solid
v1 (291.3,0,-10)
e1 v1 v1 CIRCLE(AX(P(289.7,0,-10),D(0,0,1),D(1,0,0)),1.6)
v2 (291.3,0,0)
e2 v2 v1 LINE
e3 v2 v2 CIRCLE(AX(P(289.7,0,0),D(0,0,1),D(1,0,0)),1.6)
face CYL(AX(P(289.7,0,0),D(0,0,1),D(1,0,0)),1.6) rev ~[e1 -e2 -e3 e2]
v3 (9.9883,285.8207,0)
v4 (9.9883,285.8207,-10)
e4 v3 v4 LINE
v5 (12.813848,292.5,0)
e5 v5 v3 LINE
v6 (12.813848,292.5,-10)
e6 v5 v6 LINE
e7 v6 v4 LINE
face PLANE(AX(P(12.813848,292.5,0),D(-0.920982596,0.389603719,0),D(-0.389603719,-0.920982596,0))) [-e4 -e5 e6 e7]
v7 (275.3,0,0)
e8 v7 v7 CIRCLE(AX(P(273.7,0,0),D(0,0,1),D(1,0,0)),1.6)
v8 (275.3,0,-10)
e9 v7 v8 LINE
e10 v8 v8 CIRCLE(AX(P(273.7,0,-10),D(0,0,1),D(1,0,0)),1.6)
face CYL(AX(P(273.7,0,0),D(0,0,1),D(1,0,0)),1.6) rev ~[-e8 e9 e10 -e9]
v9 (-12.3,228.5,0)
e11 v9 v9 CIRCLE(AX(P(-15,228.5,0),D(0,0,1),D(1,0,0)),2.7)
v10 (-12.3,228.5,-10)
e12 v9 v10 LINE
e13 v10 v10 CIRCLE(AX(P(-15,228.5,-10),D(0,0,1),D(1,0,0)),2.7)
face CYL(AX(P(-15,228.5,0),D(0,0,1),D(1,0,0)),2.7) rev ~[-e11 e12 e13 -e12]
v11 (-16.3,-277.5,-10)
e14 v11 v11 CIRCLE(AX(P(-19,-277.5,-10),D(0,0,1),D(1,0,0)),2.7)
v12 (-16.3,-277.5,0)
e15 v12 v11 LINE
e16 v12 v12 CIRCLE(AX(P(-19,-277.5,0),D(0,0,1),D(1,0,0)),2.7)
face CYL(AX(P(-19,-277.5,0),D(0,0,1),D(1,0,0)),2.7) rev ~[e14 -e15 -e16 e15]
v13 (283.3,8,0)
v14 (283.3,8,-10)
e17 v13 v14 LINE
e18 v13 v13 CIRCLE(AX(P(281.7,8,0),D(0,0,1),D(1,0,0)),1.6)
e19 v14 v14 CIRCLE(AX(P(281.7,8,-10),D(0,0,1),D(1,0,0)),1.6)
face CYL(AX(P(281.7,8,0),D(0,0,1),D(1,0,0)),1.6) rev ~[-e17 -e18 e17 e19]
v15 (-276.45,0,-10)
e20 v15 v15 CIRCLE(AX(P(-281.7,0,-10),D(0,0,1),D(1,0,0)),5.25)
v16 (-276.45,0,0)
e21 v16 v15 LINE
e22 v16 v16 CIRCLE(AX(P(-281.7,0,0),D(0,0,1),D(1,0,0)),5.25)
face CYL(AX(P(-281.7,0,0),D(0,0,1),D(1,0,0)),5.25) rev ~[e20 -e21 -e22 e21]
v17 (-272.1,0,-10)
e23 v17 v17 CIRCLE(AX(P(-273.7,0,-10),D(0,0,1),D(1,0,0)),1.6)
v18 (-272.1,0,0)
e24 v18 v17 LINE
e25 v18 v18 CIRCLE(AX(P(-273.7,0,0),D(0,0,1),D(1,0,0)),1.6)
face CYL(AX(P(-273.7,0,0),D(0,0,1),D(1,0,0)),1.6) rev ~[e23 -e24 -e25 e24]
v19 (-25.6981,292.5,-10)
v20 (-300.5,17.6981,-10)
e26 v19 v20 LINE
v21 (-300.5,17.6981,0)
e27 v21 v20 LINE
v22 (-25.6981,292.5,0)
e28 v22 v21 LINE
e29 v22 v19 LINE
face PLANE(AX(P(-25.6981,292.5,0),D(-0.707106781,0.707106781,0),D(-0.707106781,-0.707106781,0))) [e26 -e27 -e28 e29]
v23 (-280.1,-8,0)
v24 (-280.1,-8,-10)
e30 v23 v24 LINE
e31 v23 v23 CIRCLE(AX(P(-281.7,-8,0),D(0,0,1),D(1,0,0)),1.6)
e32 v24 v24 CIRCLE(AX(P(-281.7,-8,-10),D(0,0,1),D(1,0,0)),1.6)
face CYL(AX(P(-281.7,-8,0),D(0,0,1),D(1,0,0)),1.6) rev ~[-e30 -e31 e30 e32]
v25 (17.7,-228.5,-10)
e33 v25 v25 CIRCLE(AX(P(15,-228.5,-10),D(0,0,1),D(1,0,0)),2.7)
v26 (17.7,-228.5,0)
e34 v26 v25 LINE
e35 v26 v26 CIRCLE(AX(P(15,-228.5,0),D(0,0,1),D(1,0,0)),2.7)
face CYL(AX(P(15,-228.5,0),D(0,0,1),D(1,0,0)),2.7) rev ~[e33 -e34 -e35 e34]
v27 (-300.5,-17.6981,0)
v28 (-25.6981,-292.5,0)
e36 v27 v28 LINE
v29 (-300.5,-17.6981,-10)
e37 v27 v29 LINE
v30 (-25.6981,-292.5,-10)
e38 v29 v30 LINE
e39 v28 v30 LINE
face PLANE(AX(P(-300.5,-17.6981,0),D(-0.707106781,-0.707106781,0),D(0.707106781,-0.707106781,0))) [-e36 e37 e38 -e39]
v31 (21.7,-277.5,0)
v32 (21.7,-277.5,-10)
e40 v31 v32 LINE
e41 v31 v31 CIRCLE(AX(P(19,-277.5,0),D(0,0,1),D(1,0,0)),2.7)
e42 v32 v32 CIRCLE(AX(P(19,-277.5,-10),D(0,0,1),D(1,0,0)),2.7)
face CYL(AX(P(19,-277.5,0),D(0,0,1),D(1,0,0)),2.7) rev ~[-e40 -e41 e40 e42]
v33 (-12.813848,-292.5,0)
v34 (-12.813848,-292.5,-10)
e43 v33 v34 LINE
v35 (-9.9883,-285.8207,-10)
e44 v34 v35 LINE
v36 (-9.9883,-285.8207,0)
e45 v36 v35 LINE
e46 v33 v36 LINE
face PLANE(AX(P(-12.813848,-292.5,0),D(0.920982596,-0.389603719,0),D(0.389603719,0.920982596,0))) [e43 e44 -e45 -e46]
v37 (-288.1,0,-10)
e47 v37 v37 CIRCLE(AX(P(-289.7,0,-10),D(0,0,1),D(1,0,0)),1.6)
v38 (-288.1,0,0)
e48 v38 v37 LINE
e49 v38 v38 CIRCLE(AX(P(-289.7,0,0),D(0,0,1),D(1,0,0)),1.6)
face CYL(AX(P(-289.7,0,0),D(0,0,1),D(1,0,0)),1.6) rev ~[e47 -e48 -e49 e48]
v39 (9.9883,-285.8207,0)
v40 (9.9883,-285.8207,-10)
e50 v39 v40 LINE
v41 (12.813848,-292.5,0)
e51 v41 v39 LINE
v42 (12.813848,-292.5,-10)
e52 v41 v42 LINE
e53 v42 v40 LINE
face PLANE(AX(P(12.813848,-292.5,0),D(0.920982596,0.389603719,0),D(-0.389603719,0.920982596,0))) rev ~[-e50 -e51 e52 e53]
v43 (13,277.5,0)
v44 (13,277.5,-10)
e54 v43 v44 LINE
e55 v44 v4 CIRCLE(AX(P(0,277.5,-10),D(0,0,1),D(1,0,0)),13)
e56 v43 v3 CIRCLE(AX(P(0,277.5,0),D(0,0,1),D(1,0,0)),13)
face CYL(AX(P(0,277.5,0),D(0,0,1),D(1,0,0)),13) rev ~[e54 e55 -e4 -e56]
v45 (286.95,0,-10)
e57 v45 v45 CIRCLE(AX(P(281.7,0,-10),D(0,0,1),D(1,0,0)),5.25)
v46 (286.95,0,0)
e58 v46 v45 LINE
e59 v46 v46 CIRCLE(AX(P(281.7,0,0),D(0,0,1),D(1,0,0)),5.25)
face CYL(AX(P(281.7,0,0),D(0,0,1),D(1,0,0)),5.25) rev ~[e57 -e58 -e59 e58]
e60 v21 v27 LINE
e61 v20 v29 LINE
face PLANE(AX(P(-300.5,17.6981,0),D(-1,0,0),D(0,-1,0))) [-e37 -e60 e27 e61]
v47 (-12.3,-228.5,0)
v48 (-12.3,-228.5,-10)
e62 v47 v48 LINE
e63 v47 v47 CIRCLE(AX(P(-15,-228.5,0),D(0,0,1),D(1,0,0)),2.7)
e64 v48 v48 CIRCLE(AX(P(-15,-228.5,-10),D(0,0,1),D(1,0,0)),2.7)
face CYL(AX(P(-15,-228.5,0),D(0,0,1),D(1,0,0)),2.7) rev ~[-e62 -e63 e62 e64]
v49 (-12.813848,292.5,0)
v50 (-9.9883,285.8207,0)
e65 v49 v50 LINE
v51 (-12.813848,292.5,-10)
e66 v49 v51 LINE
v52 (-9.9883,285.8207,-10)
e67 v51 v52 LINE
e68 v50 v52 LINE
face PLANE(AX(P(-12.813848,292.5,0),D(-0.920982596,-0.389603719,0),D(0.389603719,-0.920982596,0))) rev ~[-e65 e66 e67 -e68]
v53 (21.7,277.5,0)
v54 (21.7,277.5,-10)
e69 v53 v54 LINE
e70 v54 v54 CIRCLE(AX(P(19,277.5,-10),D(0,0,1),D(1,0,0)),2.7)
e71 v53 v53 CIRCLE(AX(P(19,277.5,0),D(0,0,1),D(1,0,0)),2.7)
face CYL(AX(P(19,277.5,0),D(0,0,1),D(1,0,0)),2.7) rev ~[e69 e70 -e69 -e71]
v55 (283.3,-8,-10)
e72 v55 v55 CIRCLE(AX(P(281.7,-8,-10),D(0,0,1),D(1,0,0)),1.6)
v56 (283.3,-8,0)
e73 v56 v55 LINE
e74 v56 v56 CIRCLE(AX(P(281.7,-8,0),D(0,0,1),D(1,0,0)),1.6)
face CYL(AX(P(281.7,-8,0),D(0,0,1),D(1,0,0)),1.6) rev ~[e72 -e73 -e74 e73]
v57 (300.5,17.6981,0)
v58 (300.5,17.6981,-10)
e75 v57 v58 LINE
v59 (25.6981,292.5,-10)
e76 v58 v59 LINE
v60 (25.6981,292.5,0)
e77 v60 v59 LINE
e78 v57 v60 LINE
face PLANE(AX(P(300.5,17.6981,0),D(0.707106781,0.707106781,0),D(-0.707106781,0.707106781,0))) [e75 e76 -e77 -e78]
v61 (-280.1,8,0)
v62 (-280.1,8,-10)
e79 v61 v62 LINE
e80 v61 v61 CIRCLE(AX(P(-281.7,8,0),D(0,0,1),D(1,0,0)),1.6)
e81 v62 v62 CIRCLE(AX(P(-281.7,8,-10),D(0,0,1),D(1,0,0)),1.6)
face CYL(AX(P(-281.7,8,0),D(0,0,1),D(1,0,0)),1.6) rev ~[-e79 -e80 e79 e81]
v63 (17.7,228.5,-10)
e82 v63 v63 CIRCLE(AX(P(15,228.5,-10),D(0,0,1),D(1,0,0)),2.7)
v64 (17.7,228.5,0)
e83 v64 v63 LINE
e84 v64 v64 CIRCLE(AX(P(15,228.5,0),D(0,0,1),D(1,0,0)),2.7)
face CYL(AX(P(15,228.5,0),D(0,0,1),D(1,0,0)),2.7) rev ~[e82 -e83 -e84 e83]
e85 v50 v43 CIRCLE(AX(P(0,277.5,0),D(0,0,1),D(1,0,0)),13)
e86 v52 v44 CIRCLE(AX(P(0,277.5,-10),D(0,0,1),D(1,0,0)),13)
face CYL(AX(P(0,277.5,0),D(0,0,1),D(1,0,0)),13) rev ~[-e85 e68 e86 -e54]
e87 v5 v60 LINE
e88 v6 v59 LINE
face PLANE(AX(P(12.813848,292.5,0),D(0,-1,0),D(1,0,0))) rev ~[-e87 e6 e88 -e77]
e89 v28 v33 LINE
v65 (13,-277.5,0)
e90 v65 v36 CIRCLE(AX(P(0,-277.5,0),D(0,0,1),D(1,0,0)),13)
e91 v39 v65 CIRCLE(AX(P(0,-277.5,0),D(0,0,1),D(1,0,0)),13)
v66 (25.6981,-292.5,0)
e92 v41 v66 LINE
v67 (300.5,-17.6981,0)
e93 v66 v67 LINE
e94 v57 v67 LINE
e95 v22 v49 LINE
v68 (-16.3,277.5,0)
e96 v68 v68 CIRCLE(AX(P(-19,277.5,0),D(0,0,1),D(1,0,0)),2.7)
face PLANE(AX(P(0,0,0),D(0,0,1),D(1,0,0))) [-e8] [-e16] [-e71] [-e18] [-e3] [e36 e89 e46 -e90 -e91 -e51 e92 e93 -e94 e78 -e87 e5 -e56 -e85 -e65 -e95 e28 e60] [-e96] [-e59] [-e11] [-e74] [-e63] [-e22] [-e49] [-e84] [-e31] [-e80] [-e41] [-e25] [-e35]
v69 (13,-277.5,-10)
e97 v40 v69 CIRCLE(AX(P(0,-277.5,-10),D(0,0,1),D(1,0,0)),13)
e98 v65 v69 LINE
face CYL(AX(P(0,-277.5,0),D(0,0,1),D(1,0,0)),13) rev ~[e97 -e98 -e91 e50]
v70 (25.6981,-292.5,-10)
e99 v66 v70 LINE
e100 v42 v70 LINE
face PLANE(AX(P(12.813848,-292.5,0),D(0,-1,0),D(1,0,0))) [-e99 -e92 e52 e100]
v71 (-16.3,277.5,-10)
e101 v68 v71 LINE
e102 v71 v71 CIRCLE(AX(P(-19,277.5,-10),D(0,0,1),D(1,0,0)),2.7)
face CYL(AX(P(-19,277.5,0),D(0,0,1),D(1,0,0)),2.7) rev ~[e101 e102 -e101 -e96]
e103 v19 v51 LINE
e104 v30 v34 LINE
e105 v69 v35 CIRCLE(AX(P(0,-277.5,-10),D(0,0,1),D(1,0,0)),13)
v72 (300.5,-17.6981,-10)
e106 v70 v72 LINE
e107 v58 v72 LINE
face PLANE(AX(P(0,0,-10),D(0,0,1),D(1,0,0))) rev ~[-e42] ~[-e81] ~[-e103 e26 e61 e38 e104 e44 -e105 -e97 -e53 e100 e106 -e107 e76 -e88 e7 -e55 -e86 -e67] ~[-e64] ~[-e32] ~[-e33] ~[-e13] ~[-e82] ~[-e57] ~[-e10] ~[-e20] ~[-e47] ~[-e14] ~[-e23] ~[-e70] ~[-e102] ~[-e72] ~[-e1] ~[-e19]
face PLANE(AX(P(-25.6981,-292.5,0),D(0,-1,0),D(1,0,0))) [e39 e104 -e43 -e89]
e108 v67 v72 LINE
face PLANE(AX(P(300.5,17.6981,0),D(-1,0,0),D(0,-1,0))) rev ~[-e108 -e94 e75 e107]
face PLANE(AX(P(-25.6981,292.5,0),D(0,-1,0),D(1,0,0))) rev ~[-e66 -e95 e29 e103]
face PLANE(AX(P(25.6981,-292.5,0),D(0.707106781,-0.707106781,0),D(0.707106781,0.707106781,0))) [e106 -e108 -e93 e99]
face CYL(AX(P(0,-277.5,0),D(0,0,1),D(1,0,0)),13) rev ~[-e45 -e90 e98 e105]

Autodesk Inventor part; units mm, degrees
ref_plane "YZ Plane" through (0, 0, 0) normal (1, 0, 0) x (0, 1, 0)
ref_plane "XZ Plane" through (0, 0, 0) normal (0, 1, 0) x (-1, 0, 0)
ref_plane "XY Plane" through (0, 0, 0) normal (0, 0, 1) x (1, 0, 0)
sketch "Sketch2" plane through (0, 0, 0) normal (0, 0, 1) x (1, 0, 0)
  circle A0 centre (0, 277.5) radius 8 construction
  circle A1 centre (0, 277.5) radius 13
  circle A2 centre (0, 277.5) radius 10.5 construction
  line L0 (25, 287.5) -> (-25, 287.5) construction
  line L1 (-25, 287.5) -> (-25, 222.5) construction
  line L2 (-25, 222.5) -> (25, 222.5) construction
  line L3 (25, 222.5) -> (25, 287.5) construction
  circle A3 centre (15, 228.5) radius 2.7
  circle A4 centre (-15, 228.5) radius 2.7
  circle A5 centre (-19, 277.5) radius 2.7
  circle A6 centre (19, 277.5) radius 2.7
  circle A7 centre (0, -277.5) radius 8 construction
  circle A8 centre (0, -277.5) radius 13
  circle A9 centre (0, -277.5) radius 10.5 construction
  line L4 (25, -287.5) -> (-25, -287.5) construction
  line L5 (-25, -287.5) -> (-25, -222.5) construction
  line L6 (-25, -222.5) -> (25, -222.5) construction
  line L7 (25, -222.5) -> (25, -287.5) construction
  circle A10 centre (-15, -228.5) radius 2.7
  circle A11 centre (15, -228.5) radius 2.7
  circle A12 centre (-19, -277.5) radius 2.7
  circle A13 centre (19, -277.5) radius 2.7
  line L8 (10.5, -277.5) -> (10.5, -287.5) construction
  line L9 (-10.5, -277.5) -> (-10.5, -287.5) construction
  line L10 (10.5, 277.5) -> (10.5, 287.5) construction
  line L11 (-10.5, 277.5) -> (-10.5, 287.5) construction
  circle A14 centre (281.7, 0) radius 5.25
  circle A15 centre (289.7, 0) radius 1.6
  circle A16 centre (281.7, 8) radius 1.6
  circle A17 centre (273.7, 0) radius 1.6
  circle A18 centre (281.7, -8) radius 1.6
  circle A19 centre (-281.7, 0) radius 5.25
  circle A20 centre (-289.7, 0) radius 1.6
  circle A21 centre (-281.7, -8) radius 1.6
  circle A22 centre (-273.7, 0) radius 1.6
  circle A23 centre (-281.7, 8) radius 1.6
  line L12 (0, -318.1981) -> (318.1981, 0)
  line L13 (318.1981, 0) -> (0, 318.1981)
  line L14 (0, 318.1981) -> (-318.1981, 0)
  line L15 (-318.1981, 0) -> (0, -318.1981)
  line L16 (0, -318.1981) -> (0, 318.1981) construction
  line L17 (318.1981, 0) -> (-318.1981, 0) construction
  line L18 (0, -318.1981) -> (450, -318.1981) construction
  line L19 (300.5, 17.6981) -> (300.5, -17.6981)
  line L20 (-300.5, 17.6981) -> (-300.5, -17.6981)
  line L21 (-20.6981, 297.5) -> (20.6981, 297.5) construction
  line L22 (-25.6981, 292.5) -> (25.6981, 292.5)
  line L23 (-20.6981, -297.5) -> (20.6981, -297.5) construction
  line L24 (-25.6981, -292.5) -> (25.6981, -292.5)
  line L25 (-9.5, 297.5) -> (-3.976, 284.442) construction
  line L26 (9.5, 297.5) -> (3.976, 284.442) construction
  line L27 (-14.929, 297.5) -> (-9.9883, 285.8207)
  line L28 (14.929, 297.5) -> (9.9883, 285.8207)
  line L29 (-9.5, -297.5) -> (-3.976, -284.442) construction
  line L30 (9.5, -297.5) -> (3.976, -284.442) construction
  line L31 (14.929, -297.5) -> (9.9883, -285.8207)
  line L32 (-14.929, -297.5) -> (-9.9883, -285.8207)
  point P0 (0, 0)
  point P1 (-12.8138, -292.5)
  point P2 (12.8138, -292.5)
  point P3 (12.8138, 292.5)
  point P4 (-12.8138, 292.5)
  point P5 (300.5, 292.5)
  point P6 (300.5, -292.5)
  point P7 (-300.5, -292.5)
  point P8 (-300.5, 292.5)
  dimension "d256" = 16
  dimension "d257" = 0
  dimension "d258" = 277.5
  dimension "d259" = 26
  dimension "d260" = 21
  dimension "d261" = 50
  dimension "d262" = 10
  dimension "d263" = 65
  dimension "d265" = 50
  dimension "d266" = 25
  dimension "d267" = 5.4
  dimension "d268" = 5.4
  dimension "d269" = 5.4
  dimension "d270" = 5.4
  dimension "d271" = 6
  dimension "d272" = 10
  dimension "d273" = 6
  dimension "d274" = 10
  dimension "d275" = 6
  dimension "d276" = 10
  dimension "d277" = 6
  dimension "d278" = 10
  dimension "d279" = 0
  dimension "d280" = 277.5
  dimension "d281" = 26
  dimension "d282" = 16
  dimension "d283" = 21
  dimension "d284" = 50
  dimension "d285" = 10
  dimension "d286" = 65
  dimension "d287" = 25
  dimension "d288" = 5.4
  dimension "d289" = 5.4
  dimension "d290" = 5.4
  dimension "d291" = 5.4
  dimension "d292" = 6
  dimension "d293" = 10
  dimension "d294" = 6
  dimension "d295" = 10
  dimension "d296" = 10
  dimension "d297" = 6
  dimension "d298" = 10
  dimension "d299" = 6
  dimension "d300" = 10.5
  dimension "d301" = 0
  dimension "d302" = 281.7
  dimension "d303" = 3.2
  dimension "d304" = 0
  dimension "d305" = 8
  dimension "d308" = 360
  dimension "d310" = 10.5
  dimension "d311" = 0
  dimension "d312" = 281.7
  dimension "d313" = 3.2
  dimension "d314" = 0
  dimension "d315" = 8
  dimension "d318" = 360
  dimension "d320" = 450
  dimension "d321" = 45
  dimension "d322" = 450
  dimension "d323" = 18.8
  dimension "d324" = 18.8
  dimension "d325" = 20
  dimension "d326" = 15
extrude "Extrusion11" add sketch "Sketch2" against normal blind 10 contours A1 L28 L22 L13 L19 L12 L24 L31 A8 L32 L15 L20 L14 L27
equation "\"dist_rails\" = 555"
equation "\"dist_leadscrews\" = 563.4"
equation "\"diam_leadscrew_hole\" = 10.5"
equation "\"delta\" = 5"
equation "\"rail_angle\" = 67.07deg"
equation "\"rail_D\" = 9.5"
equation "\"rail_diam\" = 16"
properties part number "z_plate" material "Aluminum 6061"
